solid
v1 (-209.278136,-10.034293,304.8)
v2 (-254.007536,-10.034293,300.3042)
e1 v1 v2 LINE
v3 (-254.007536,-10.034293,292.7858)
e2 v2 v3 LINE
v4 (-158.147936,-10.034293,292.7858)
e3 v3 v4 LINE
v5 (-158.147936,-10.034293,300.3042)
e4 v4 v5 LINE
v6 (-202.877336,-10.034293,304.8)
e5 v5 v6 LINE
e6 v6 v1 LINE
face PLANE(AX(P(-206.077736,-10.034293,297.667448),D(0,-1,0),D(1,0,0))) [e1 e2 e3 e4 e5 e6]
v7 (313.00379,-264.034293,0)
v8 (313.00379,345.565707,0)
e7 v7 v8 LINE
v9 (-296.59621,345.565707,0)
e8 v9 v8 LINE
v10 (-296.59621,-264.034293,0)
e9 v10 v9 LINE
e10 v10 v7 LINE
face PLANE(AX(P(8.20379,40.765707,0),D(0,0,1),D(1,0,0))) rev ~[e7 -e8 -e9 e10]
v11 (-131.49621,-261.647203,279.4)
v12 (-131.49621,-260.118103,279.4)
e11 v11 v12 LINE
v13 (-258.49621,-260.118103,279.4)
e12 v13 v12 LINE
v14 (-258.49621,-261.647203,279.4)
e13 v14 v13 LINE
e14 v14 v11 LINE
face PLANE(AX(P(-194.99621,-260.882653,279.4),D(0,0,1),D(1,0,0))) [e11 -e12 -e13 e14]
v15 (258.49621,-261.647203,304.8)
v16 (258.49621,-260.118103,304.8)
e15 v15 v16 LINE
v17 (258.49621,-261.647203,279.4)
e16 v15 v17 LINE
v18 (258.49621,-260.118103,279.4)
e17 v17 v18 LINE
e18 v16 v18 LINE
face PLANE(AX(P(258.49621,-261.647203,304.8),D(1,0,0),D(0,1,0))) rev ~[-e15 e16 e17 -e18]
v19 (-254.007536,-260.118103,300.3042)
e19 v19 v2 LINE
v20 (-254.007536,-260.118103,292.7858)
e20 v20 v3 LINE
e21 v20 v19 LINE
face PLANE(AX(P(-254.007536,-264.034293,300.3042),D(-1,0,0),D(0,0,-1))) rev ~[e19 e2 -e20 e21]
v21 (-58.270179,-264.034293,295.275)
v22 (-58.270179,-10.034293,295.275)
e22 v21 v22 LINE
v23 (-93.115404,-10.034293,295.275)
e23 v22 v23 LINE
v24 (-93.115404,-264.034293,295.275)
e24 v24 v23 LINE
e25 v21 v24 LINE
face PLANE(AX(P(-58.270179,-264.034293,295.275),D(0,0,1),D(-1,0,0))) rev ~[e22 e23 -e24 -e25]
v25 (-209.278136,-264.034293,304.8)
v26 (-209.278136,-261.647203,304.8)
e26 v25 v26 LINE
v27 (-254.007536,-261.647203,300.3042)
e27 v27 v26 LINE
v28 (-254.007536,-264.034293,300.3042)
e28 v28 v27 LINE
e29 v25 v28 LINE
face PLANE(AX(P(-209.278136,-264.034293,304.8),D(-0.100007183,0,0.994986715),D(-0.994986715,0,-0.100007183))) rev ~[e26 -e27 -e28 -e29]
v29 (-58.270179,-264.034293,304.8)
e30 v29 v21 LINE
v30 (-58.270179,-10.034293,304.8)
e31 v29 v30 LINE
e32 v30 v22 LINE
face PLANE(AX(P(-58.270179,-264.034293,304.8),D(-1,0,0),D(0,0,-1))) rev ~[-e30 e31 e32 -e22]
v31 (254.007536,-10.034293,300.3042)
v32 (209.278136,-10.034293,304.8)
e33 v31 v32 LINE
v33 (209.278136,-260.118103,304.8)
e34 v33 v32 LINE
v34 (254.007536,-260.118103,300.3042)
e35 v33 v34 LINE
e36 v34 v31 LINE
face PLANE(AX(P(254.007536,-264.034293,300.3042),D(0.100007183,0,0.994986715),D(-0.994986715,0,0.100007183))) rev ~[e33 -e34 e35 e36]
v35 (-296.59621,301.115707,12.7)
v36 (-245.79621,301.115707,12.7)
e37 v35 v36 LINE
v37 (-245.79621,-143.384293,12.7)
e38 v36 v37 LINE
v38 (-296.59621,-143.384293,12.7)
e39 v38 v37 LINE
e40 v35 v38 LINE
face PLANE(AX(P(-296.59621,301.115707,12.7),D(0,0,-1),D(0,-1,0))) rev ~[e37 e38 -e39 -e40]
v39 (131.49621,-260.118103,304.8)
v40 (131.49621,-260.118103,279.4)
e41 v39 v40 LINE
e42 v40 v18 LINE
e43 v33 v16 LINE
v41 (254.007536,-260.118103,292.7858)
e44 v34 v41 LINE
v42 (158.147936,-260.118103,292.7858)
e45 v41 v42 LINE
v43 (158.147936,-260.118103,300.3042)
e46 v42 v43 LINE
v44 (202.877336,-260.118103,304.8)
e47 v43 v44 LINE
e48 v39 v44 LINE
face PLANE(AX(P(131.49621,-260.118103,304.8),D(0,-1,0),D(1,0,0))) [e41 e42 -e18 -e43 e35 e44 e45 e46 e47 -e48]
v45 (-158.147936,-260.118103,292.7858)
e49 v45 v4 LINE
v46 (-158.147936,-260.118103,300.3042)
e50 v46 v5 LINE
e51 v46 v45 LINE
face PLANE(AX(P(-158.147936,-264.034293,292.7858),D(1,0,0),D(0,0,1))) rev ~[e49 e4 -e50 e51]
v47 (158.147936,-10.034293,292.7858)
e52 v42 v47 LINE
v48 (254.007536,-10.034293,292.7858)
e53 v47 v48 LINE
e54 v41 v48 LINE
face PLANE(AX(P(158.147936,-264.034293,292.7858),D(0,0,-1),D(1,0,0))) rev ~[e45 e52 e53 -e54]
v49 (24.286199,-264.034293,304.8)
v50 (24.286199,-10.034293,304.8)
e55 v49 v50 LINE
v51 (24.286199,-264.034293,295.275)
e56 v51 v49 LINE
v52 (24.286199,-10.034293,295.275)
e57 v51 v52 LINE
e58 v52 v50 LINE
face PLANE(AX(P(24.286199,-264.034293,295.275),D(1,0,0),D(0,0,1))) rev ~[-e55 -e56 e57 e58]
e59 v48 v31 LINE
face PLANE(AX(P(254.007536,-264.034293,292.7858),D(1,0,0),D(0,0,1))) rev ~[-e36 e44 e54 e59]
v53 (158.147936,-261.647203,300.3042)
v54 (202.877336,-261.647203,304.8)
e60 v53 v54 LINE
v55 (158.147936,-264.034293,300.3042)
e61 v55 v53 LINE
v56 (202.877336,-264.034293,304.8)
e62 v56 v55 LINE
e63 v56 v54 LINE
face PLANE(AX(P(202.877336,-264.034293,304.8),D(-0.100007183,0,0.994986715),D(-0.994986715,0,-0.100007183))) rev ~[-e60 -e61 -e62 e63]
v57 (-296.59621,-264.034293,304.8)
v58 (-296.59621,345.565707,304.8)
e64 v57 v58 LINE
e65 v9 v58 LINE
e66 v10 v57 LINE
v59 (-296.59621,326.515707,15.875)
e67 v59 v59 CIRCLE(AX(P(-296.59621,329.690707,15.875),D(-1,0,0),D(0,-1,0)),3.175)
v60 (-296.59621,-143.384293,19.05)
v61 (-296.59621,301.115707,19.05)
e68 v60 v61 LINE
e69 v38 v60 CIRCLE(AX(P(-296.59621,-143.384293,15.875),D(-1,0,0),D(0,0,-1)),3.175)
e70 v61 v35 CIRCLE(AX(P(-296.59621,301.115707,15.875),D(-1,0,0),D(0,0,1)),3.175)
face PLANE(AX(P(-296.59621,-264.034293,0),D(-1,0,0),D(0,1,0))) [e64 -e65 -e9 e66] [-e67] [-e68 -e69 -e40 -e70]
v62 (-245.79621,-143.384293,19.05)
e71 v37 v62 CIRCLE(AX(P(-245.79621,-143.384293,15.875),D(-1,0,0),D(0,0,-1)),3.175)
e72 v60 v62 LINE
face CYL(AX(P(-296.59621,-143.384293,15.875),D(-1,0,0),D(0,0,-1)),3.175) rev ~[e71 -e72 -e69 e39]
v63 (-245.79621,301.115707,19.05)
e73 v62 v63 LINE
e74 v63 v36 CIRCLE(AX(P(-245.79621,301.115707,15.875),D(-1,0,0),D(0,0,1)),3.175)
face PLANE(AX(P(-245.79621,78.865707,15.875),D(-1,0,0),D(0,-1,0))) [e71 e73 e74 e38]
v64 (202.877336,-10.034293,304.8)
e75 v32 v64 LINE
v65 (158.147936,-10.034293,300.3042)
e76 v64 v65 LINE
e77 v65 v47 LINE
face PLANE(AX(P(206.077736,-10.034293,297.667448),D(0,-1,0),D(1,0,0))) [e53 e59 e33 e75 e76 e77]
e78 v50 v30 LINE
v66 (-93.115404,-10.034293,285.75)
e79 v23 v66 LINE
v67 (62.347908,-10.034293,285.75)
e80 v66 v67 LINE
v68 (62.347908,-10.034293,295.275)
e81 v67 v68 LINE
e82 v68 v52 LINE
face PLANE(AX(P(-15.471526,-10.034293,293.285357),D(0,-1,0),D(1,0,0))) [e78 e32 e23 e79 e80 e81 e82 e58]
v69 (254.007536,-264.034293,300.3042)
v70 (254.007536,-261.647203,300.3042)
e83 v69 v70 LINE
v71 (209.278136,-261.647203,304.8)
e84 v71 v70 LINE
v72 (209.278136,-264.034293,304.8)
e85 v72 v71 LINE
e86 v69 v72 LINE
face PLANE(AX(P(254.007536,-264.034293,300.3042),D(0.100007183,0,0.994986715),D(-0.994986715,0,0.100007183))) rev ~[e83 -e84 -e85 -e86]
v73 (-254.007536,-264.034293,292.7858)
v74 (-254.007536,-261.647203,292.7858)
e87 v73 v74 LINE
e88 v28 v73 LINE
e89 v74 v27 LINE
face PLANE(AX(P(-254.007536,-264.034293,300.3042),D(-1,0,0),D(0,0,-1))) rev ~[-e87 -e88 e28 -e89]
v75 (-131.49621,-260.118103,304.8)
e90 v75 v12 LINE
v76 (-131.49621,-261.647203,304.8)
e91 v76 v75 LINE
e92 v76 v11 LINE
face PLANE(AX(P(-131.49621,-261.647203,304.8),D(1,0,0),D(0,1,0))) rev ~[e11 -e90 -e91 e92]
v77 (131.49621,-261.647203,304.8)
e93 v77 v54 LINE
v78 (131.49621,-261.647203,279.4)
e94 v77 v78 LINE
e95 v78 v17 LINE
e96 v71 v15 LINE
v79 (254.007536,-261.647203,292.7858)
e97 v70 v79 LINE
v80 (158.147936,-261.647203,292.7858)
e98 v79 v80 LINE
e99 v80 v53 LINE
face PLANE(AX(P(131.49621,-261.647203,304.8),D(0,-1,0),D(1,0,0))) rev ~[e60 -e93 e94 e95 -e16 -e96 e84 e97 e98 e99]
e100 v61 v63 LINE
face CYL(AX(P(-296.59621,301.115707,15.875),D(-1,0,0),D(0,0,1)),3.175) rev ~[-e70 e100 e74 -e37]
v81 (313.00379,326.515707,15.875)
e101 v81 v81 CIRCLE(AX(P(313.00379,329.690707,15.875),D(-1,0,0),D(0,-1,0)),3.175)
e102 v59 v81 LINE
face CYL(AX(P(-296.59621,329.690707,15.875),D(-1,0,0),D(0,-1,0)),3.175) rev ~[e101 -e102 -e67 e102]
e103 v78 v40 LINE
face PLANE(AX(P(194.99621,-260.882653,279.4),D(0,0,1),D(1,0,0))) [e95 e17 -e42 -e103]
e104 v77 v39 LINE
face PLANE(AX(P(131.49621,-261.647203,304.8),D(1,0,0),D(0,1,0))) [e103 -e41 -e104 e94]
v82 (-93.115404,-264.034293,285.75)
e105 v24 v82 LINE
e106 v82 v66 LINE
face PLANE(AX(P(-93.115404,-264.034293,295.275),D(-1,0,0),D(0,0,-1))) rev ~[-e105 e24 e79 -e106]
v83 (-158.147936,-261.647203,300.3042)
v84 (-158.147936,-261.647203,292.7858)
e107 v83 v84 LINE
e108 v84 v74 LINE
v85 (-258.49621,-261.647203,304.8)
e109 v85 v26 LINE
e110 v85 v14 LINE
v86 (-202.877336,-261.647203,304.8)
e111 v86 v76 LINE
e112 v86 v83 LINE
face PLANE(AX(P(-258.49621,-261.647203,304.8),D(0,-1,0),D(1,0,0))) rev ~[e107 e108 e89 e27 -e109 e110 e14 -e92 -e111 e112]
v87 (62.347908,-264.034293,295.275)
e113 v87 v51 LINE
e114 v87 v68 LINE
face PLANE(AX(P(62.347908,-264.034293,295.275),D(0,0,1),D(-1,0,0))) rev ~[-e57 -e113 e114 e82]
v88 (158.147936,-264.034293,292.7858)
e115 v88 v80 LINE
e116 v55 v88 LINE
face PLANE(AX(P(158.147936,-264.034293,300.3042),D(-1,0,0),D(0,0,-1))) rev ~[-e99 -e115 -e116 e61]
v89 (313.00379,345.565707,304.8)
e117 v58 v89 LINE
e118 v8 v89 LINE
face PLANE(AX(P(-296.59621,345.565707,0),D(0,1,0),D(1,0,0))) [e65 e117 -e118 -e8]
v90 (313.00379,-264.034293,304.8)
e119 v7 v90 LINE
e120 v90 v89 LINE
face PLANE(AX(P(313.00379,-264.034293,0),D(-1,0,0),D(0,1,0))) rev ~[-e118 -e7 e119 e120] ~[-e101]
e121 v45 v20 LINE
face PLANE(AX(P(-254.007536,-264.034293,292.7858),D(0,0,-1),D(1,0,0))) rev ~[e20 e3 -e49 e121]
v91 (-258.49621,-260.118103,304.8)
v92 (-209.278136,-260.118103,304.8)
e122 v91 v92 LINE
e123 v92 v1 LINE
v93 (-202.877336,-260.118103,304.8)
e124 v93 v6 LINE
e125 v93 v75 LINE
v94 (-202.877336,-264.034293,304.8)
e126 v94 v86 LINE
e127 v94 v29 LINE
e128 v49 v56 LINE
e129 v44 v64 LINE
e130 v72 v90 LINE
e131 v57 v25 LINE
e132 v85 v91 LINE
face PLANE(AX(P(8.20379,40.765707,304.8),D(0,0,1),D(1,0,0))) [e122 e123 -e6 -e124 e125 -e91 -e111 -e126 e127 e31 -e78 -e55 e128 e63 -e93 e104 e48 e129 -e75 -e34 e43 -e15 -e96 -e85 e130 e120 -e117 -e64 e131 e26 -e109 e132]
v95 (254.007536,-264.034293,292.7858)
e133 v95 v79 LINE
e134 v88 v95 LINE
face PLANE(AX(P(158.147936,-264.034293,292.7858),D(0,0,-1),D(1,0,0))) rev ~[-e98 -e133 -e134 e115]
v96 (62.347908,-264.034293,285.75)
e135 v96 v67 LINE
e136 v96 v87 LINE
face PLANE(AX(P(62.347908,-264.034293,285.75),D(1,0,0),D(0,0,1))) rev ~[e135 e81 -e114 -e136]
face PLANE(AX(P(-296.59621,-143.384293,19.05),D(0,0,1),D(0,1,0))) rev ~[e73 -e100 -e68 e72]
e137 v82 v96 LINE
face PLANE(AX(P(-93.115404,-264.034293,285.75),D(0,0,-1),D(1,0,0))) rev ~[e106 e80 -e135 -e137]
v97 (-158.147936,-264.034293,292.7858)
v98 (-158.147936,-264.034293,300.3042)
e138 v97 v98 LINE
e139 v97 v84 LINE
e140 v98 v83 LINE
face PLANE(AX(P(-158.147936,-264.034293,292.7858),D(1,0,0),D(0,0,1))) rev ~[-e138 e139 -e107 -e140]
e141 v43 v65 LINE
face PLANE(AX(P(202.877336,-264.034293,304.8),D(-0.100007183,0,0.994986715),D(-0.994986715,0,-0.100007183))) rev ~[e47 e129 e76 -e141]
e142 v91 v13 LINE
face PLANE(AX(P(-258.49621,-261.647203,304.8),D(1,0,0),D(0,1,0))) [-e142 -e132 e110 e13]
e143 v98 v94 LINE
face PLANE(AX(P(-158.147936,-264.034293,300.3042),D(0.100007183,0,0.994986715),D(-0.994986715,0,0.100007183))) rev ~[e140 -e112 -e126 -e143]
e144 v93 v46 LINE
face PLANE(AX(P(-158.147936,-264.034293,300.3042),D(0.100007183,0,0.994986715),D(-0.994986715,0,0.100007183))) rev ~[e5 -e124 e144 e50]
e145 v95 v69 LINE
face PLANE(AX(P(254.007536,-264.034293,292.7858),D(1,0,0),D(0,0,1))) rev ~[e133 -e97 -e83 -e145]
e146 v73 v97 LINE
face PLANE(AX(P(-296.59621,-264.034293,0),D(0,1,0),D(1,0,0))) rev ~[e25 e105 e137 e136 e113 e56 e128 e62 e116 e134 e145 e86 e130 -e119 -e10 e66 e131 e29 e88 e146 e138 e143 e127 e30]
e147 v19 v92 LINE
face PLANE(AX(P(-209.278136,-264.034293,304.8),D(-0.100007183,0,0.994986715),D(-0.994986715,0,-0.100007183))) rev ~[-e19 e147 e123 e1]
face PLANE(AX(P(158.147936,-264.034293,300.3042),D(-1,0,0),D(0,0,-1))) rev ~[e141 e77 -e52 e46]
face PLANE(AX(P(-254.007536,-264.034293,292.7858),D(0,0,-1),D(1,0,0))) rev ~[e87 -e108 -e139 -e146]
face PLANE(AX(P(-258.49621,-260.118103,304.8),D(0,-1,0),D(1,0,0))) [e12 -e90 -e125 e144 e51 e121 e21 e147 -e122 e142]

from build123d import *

# Parameters (mm, degrees)
F0_W     = 609.6
F0_H     = 609.6
F1_DEPTH = 304.8
F2_R     = 3.175
F3_DEPTH = 609.6
F5_DEPTH = 50.8
F7_DEPTH = 254
F8_W     = 127
F8_H     = 1.5291
F9_DEPTH = 25.4


with BuildPart() as f1:
    # F0 (on Top) → F1 (new body)
    with BuildSketch(Plane.XY):
        with Locations((8.20379, 40.765707)):
            Rectangle(F0_W, F0_H)
    extrude(amount=F1_DEPTH)

    # F2 (on face) → F3 (cut)
    with BuildSketch(Plane(origin=(-296.59621, 0, 0), x_dir=(0, -1, 0), z_dir=(-1, 0, 0))):
        with Locations((-329.690707, 15.875)):
            Circle(F2_R)
    extrude(amount=-F3_DEPTH, mode=Mode.SUBTRACT)

    # F4 (on face) → F5 (cut)
    with BuildSketch(Plane(origin=(-296.59621, 0, 0), x_dir=(0, -1, 0), z_dir=(-1, 0, 0))):
        with BuildLine():
            Line((143.384293, 19.05), (-301.115707, 19.05))
            ThreePointArc((-301.115707, 19.05), (-304.290707, 15.875), (-301.115707, 12.7))
            Line((-301.115707, 12.7), (143.384293, 12.7))
            ThreePointArc((143.384293, 12.7), (146.559293, 15.875), (143.384293, 19.05))
        make_face()
    extrude(amount=-F5_DEPTH, mode=Mode.SUBTRACT)

    # F6 (on face) → F7 (cut)
    with BuildSketch(Plane.XZ.offset(264.034293)):
        Polygon((254.007536, 300.3042), (209.278136, 304.8), (202.877336, 304.8), (158.147936, 300.3042), (158.147936, 292.7858), (254.007536, 292.7858), align=None)
        Polygon((-254.007536, 292.7858), (-158.147936, 292.7858), (-158.147936, 300.3042), (-202.877336, 304.8), (-209.278136, 304.8), (-254.007536, 300.3042), align=None)
        Polygon((24.286199, 295.275), (24.286199, 304.8), (-58.270179, 304.8), (-58.270179, 295.275), (-93.115404, 295.275), (-93.115404, 285.75), (62.347908, 285.75), (62.347908, 295.275), align=None)
    extrude(amount=-F7_DEPTH, mode=Mode.SUBTRACT)

    # F8 (on face) → F9 (cut)
    with BuildSketch(Plane.XY.offset(304.8)):
        with Locations((-194.99621, -260.882653)):
            Rectangle(F8_W, F8_H)
        with Locations((194.99621, -260.882653)):
            Rectangle(F8_W, F8_H)
    extrude(amount=-F9_DEPTH, mode=Mode.SUBTRACT)


solid = f1.part
